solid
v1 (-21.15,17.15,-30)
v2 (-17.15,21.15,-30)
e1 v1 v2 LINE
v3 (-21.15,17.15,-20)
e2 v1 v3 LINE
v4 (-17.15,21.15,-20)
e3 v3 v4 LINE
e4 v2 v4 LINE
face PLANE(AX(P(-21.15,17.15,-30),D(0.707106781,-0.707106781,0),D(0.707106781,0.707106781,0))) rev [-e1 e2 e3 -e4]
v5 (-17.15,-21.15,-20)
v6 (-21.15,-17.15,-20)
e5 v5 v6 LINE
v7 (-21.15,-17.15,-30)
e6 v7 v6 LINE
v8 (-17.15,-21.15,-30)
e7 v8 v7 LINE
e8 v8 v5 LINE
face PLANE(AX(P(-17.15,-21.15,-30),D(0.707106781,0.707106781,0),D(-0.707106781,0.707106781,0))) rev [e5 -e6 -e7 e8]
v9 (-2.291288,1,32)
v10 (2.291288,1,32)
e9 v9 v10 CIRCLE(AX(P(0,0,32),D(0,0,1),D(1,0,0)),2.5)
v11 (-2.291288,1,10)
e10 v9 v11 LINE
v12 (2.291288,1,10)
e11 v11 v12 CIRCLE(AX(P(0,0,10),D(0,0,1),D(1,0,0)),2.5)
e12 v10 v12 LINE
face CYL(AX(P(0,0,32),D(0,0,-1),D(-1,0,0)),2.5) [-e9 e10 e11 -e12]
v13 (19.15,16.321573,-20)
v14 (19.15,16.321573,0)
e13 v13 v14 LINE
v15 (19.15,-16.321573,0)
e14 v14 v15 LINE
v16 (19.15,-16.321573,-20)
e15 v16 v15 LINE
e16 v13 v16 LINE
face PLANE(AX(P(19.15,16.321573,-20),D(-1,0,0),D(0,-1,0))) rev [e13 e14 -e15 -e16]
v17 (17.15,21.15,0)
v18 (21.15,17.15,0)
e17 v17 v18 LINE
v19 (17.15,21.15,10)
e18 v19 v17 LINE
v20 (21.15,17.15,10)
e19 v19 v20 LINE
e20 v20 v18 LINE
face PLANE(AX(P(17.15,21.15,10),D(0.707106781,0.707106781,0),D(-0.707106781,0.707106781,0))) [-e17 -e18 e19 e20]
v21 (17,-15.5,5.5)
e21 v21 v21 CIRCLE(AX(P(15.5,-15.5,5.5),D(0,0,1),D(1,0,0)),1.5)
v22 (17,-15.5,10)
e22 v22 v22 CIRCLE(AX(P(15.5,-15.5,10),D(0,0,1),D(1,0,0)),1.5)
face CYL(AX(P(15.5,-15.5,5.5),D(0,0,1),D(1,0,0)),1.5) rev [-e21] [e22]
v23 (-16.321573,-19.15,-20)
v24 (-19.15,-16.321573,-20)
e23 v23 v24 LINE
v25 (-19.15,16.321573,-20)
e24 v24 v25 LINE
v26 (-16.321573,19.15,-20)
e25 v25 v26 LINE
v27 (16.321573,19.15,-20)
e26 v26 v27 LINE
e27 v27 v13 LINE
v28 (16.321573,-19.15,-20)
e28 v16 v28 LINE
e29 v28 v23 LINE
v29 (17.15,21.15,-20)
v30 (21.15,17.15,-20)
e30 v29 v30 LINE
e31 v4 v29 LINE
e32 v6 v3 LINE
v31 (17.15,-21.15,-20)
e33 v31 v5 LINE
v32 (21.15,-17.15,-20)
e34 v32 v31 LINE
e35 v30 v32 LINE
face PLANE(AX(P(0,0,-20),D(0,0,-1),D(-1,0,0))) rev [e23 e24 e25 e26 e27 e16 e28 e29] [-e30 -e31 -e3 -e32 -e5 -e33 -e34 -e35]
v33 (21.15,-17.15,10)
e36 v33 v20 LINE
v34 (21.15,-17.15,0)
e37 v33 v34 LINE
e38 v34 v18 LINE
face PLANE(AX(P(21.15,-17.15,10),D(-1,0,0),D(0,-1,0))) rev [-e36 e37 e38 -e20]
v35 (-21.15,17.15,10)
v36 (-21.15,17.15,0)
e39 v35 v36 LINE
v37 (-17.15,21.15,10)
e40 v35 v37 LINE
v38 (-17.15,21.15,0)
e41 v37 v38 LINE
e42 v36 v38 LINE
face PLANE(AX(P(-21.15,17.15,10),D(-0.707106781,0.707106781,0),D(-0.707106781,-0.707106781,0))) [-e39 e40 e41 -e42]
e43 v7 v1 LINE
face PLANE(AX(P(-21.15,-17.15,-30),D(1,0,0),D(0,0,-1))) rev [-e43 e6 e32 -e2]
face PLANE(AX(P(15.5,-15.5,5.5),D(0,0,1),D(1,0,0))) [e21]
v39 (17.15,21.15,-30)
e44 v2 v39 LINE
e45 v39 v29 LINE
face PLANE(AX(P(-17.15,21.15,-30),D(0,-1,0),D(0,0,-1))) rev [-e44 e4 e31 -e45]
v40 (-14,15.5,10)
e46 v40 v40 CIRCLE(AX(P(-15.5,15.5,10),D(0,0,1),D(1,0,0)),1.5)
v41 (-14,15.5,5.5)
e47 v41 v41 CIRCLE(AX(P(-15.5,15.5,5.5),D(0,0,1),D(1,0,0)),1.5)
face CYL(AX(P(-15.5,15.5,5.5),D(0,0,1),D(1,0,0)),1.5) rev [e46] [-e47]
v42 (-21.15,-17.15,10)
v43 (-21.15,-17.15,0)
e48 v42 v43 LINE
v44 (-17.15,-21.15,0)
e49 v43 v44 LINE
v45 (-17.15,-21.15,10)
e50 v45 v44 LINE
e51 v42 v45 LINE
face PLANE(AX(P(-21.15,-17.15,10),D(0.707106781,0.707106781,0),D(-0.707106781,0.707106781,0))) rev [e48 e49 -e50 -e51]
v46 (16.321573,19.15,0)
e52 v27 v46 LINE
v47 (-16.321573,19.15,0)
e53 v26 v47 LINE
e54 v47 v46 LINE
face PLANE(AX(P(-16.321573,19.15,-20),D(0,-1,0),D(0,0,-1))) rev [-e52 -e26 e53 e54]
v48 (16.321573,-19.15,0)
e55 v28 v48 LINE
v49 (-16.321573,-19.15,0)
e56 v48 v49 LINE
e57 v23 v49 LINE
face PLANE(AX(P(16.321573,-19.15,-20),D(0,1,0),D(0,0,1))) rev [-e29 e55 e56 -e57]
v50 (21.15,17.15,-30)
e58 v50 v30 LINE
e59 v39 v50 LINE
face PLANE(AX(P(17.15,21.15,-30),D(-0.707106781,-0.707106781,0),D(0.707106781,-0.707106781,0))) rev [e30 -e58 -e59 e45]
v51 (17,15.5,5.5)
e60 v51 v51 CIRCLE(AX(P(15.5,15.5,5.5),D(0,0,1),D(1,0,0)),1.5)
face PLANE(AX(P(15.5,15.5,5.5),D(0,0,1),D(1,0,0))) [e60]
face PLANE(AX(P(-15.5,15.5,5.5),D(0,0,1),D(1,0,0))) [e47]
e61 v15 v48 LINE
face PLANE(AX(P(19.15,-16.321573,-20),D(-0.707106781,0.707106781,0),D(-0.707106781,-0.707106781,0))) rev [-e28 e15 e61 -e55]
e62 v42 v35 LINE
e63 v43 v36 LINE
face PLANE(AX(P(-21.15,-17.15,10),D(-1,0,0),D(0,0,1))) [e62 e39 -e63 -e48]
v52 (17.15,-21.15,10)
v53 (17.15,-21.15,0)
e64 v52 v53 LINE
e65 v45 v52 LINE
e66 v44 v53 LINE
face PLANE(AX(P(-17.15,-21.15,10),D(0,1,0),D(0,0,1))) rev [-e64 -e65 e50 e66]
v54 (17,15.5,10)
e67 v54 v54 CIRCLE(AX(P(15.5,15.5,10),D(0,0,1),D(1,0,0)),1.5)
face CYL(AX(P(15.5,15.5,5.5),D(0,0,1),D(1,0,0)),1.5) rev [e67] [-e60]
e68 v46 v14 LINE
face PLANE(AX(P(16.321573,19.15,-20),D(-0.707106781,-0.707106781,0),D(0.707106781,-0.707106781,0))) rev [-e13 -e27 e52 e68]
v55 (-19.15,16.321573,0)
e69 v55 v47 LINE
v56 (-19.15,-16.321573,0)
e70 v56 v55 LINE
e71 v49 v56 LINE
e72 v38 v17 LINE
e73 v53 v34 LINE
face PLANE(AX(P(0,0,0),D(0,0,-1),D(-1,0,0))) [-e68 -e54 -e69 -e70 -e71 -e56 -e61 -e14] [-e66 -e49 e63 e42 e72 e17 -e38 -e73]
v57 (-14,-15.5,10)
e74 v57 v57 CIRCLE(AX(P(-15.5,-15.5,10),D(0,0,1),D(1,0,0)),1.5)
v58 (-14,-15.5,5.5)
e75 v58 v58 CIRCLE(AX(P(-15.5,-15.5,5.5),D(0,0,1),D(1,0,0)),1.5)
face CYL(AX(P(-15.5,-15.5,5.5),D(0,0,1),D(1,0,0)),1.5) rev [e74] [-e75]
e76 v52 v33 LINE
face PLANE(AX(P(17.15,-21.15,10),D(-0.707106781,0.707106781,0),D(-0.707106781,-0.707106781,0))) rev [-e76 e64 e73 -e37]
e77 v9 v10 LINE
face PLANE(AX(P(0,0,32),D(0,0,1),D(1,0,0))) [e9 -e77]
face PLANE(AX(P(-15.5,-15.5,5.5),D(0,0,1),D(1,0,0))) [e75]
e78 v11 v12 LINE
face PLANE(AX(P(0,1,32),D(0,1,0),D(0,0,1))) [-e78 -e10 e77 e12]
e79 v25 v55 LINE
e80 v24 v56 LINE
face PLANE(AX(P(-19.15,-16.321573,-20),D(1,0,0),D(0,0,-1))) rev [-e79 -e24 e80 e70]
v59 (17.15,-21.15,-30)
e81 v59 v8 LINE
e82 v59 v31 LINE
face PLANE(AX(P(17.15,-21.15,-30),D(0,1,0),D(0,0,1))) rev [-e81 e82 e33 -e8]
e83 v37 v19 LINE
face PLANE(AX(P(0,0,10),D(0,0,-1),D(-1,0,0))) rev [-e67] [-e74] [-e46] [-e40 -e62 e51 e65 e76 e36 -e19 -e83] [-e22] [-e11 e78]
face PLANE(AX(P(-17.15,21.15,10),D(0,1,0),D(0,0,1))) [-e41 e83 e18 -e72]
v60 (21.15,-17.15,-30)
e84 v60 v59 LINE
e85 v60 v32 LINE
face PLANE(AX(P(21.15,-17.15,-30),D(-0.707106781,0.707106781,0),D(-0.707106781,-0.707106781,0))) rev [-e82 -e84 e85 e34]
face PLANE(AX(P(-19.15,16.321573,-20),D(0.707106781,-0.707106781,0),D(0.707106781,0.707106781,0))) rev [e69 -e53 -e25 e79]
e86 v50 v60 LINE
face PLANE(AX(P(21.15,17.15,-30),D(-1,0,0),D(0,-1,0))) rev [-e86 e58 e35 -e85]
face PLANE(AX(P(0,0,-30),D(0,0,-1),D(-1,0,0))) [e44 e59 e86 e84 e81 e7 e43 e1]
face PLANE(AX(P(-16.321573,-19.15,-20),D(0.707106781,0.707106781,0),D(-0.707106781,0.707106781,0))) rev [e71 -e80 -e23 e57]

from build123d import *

# Parameters (mm, degrees)
BOSS_EXTRUDE1_DEPTH = 10
BOSS_EXTRUDE2_DEPTH = 20
BOSS_EXTRUDE3_DEPTH = 10
BOSS_EXTRUDE4_DEPTH = 22
SKETCH6_R           = 1.5
CUT_EXTRUDE1_DEPTH  = 4.5


with BuildPart() as part:
    # Sketch1 → Boss-Extrude1 (new body)
    with BuildSketch(Plane.XY):
        Polygon((-21.15, 17.15), (-17.15, 21.15), (17.15, 21.15), (21.15, 17.15), (21.15, -17.15), (17.15, -21.15), (-17.15, -21.15), (-21.15, -17.15), align=None)
    extrude(amount=BOSS_EXTRUDE1_DEPTH)

    # Sketch2 → Boss-Extrude2 (add)
    with BuildSketch(Plane(origin=(0, 0, 0), x_dir=(-1, 0, 0), z_dir=(0, 0, -1))):
        Polygon((19.15, 16.321572875), (16.321572875, 19.15), (-16.321572875, 19.15), (-19.15, 16.321572875), (-19.15, -16.321572875), (-16.321572875, -19.15), (16.321572875, -19.15), (19.15, -16.321572875), align=None)
    extrude(amount=BOSS_EXTRUDE2_DEPTH)

    # Sketch3 → Boss-Extrude3 (add)
    with BuildSketch(Plane(origin=(0, 0, -20), x_dir=(-1, 0, 0), z_dir=(0, 0, -1))):
        Polygon((21.15, 17.15), (17.15, 21.15), (-17.15, 21.15), (-21.15, 17.15), (-21.15, -17.15), (-17.15, -21.15), (17.15, -21.15), (21.15, -17.15), align=None)
    extrude(amount=BOSS_EXTRUDE3_DEPTH)

    # Sketch4 → Boss-Extrude4 (add)
    with BuildSketch(Plane.XY.offset(10)):
        with BuildLine():
            Line((2.291287847, 1), (-2.291287847, 1))
            ThreePointArc((-2.291287847, 1), (-0.510774109, -2.447265782), (2.5, 0))
            ThreePointArc((2.5, 0), (2.447265782, 0.510774109), (2.291287847, 1))
        make_face()
    extrude(amount=BOSS_EXTRUDE4_DEPTH)

    # Sketch6 → Cut-Extrude1 (cut)
    with BuildSketch(Plane.XY.offset(10)):
        with Locations((-15.5, 15.5)):
            Circle(SKETCH6_R)
        with Locations((15.5, 15.5)):
            Circle(SKETCH6_R)
        with Locations((15.5, -15.5)):
            Circle(SKETCH6_R)
        with Locations((-15.5, -15.5)):
            Circle(SKETCH6_R)
    extrude(amount=-CUT_EXTRUDE1_DEPTH, mode=Mode.SUBTRACT)


solid = part.part
